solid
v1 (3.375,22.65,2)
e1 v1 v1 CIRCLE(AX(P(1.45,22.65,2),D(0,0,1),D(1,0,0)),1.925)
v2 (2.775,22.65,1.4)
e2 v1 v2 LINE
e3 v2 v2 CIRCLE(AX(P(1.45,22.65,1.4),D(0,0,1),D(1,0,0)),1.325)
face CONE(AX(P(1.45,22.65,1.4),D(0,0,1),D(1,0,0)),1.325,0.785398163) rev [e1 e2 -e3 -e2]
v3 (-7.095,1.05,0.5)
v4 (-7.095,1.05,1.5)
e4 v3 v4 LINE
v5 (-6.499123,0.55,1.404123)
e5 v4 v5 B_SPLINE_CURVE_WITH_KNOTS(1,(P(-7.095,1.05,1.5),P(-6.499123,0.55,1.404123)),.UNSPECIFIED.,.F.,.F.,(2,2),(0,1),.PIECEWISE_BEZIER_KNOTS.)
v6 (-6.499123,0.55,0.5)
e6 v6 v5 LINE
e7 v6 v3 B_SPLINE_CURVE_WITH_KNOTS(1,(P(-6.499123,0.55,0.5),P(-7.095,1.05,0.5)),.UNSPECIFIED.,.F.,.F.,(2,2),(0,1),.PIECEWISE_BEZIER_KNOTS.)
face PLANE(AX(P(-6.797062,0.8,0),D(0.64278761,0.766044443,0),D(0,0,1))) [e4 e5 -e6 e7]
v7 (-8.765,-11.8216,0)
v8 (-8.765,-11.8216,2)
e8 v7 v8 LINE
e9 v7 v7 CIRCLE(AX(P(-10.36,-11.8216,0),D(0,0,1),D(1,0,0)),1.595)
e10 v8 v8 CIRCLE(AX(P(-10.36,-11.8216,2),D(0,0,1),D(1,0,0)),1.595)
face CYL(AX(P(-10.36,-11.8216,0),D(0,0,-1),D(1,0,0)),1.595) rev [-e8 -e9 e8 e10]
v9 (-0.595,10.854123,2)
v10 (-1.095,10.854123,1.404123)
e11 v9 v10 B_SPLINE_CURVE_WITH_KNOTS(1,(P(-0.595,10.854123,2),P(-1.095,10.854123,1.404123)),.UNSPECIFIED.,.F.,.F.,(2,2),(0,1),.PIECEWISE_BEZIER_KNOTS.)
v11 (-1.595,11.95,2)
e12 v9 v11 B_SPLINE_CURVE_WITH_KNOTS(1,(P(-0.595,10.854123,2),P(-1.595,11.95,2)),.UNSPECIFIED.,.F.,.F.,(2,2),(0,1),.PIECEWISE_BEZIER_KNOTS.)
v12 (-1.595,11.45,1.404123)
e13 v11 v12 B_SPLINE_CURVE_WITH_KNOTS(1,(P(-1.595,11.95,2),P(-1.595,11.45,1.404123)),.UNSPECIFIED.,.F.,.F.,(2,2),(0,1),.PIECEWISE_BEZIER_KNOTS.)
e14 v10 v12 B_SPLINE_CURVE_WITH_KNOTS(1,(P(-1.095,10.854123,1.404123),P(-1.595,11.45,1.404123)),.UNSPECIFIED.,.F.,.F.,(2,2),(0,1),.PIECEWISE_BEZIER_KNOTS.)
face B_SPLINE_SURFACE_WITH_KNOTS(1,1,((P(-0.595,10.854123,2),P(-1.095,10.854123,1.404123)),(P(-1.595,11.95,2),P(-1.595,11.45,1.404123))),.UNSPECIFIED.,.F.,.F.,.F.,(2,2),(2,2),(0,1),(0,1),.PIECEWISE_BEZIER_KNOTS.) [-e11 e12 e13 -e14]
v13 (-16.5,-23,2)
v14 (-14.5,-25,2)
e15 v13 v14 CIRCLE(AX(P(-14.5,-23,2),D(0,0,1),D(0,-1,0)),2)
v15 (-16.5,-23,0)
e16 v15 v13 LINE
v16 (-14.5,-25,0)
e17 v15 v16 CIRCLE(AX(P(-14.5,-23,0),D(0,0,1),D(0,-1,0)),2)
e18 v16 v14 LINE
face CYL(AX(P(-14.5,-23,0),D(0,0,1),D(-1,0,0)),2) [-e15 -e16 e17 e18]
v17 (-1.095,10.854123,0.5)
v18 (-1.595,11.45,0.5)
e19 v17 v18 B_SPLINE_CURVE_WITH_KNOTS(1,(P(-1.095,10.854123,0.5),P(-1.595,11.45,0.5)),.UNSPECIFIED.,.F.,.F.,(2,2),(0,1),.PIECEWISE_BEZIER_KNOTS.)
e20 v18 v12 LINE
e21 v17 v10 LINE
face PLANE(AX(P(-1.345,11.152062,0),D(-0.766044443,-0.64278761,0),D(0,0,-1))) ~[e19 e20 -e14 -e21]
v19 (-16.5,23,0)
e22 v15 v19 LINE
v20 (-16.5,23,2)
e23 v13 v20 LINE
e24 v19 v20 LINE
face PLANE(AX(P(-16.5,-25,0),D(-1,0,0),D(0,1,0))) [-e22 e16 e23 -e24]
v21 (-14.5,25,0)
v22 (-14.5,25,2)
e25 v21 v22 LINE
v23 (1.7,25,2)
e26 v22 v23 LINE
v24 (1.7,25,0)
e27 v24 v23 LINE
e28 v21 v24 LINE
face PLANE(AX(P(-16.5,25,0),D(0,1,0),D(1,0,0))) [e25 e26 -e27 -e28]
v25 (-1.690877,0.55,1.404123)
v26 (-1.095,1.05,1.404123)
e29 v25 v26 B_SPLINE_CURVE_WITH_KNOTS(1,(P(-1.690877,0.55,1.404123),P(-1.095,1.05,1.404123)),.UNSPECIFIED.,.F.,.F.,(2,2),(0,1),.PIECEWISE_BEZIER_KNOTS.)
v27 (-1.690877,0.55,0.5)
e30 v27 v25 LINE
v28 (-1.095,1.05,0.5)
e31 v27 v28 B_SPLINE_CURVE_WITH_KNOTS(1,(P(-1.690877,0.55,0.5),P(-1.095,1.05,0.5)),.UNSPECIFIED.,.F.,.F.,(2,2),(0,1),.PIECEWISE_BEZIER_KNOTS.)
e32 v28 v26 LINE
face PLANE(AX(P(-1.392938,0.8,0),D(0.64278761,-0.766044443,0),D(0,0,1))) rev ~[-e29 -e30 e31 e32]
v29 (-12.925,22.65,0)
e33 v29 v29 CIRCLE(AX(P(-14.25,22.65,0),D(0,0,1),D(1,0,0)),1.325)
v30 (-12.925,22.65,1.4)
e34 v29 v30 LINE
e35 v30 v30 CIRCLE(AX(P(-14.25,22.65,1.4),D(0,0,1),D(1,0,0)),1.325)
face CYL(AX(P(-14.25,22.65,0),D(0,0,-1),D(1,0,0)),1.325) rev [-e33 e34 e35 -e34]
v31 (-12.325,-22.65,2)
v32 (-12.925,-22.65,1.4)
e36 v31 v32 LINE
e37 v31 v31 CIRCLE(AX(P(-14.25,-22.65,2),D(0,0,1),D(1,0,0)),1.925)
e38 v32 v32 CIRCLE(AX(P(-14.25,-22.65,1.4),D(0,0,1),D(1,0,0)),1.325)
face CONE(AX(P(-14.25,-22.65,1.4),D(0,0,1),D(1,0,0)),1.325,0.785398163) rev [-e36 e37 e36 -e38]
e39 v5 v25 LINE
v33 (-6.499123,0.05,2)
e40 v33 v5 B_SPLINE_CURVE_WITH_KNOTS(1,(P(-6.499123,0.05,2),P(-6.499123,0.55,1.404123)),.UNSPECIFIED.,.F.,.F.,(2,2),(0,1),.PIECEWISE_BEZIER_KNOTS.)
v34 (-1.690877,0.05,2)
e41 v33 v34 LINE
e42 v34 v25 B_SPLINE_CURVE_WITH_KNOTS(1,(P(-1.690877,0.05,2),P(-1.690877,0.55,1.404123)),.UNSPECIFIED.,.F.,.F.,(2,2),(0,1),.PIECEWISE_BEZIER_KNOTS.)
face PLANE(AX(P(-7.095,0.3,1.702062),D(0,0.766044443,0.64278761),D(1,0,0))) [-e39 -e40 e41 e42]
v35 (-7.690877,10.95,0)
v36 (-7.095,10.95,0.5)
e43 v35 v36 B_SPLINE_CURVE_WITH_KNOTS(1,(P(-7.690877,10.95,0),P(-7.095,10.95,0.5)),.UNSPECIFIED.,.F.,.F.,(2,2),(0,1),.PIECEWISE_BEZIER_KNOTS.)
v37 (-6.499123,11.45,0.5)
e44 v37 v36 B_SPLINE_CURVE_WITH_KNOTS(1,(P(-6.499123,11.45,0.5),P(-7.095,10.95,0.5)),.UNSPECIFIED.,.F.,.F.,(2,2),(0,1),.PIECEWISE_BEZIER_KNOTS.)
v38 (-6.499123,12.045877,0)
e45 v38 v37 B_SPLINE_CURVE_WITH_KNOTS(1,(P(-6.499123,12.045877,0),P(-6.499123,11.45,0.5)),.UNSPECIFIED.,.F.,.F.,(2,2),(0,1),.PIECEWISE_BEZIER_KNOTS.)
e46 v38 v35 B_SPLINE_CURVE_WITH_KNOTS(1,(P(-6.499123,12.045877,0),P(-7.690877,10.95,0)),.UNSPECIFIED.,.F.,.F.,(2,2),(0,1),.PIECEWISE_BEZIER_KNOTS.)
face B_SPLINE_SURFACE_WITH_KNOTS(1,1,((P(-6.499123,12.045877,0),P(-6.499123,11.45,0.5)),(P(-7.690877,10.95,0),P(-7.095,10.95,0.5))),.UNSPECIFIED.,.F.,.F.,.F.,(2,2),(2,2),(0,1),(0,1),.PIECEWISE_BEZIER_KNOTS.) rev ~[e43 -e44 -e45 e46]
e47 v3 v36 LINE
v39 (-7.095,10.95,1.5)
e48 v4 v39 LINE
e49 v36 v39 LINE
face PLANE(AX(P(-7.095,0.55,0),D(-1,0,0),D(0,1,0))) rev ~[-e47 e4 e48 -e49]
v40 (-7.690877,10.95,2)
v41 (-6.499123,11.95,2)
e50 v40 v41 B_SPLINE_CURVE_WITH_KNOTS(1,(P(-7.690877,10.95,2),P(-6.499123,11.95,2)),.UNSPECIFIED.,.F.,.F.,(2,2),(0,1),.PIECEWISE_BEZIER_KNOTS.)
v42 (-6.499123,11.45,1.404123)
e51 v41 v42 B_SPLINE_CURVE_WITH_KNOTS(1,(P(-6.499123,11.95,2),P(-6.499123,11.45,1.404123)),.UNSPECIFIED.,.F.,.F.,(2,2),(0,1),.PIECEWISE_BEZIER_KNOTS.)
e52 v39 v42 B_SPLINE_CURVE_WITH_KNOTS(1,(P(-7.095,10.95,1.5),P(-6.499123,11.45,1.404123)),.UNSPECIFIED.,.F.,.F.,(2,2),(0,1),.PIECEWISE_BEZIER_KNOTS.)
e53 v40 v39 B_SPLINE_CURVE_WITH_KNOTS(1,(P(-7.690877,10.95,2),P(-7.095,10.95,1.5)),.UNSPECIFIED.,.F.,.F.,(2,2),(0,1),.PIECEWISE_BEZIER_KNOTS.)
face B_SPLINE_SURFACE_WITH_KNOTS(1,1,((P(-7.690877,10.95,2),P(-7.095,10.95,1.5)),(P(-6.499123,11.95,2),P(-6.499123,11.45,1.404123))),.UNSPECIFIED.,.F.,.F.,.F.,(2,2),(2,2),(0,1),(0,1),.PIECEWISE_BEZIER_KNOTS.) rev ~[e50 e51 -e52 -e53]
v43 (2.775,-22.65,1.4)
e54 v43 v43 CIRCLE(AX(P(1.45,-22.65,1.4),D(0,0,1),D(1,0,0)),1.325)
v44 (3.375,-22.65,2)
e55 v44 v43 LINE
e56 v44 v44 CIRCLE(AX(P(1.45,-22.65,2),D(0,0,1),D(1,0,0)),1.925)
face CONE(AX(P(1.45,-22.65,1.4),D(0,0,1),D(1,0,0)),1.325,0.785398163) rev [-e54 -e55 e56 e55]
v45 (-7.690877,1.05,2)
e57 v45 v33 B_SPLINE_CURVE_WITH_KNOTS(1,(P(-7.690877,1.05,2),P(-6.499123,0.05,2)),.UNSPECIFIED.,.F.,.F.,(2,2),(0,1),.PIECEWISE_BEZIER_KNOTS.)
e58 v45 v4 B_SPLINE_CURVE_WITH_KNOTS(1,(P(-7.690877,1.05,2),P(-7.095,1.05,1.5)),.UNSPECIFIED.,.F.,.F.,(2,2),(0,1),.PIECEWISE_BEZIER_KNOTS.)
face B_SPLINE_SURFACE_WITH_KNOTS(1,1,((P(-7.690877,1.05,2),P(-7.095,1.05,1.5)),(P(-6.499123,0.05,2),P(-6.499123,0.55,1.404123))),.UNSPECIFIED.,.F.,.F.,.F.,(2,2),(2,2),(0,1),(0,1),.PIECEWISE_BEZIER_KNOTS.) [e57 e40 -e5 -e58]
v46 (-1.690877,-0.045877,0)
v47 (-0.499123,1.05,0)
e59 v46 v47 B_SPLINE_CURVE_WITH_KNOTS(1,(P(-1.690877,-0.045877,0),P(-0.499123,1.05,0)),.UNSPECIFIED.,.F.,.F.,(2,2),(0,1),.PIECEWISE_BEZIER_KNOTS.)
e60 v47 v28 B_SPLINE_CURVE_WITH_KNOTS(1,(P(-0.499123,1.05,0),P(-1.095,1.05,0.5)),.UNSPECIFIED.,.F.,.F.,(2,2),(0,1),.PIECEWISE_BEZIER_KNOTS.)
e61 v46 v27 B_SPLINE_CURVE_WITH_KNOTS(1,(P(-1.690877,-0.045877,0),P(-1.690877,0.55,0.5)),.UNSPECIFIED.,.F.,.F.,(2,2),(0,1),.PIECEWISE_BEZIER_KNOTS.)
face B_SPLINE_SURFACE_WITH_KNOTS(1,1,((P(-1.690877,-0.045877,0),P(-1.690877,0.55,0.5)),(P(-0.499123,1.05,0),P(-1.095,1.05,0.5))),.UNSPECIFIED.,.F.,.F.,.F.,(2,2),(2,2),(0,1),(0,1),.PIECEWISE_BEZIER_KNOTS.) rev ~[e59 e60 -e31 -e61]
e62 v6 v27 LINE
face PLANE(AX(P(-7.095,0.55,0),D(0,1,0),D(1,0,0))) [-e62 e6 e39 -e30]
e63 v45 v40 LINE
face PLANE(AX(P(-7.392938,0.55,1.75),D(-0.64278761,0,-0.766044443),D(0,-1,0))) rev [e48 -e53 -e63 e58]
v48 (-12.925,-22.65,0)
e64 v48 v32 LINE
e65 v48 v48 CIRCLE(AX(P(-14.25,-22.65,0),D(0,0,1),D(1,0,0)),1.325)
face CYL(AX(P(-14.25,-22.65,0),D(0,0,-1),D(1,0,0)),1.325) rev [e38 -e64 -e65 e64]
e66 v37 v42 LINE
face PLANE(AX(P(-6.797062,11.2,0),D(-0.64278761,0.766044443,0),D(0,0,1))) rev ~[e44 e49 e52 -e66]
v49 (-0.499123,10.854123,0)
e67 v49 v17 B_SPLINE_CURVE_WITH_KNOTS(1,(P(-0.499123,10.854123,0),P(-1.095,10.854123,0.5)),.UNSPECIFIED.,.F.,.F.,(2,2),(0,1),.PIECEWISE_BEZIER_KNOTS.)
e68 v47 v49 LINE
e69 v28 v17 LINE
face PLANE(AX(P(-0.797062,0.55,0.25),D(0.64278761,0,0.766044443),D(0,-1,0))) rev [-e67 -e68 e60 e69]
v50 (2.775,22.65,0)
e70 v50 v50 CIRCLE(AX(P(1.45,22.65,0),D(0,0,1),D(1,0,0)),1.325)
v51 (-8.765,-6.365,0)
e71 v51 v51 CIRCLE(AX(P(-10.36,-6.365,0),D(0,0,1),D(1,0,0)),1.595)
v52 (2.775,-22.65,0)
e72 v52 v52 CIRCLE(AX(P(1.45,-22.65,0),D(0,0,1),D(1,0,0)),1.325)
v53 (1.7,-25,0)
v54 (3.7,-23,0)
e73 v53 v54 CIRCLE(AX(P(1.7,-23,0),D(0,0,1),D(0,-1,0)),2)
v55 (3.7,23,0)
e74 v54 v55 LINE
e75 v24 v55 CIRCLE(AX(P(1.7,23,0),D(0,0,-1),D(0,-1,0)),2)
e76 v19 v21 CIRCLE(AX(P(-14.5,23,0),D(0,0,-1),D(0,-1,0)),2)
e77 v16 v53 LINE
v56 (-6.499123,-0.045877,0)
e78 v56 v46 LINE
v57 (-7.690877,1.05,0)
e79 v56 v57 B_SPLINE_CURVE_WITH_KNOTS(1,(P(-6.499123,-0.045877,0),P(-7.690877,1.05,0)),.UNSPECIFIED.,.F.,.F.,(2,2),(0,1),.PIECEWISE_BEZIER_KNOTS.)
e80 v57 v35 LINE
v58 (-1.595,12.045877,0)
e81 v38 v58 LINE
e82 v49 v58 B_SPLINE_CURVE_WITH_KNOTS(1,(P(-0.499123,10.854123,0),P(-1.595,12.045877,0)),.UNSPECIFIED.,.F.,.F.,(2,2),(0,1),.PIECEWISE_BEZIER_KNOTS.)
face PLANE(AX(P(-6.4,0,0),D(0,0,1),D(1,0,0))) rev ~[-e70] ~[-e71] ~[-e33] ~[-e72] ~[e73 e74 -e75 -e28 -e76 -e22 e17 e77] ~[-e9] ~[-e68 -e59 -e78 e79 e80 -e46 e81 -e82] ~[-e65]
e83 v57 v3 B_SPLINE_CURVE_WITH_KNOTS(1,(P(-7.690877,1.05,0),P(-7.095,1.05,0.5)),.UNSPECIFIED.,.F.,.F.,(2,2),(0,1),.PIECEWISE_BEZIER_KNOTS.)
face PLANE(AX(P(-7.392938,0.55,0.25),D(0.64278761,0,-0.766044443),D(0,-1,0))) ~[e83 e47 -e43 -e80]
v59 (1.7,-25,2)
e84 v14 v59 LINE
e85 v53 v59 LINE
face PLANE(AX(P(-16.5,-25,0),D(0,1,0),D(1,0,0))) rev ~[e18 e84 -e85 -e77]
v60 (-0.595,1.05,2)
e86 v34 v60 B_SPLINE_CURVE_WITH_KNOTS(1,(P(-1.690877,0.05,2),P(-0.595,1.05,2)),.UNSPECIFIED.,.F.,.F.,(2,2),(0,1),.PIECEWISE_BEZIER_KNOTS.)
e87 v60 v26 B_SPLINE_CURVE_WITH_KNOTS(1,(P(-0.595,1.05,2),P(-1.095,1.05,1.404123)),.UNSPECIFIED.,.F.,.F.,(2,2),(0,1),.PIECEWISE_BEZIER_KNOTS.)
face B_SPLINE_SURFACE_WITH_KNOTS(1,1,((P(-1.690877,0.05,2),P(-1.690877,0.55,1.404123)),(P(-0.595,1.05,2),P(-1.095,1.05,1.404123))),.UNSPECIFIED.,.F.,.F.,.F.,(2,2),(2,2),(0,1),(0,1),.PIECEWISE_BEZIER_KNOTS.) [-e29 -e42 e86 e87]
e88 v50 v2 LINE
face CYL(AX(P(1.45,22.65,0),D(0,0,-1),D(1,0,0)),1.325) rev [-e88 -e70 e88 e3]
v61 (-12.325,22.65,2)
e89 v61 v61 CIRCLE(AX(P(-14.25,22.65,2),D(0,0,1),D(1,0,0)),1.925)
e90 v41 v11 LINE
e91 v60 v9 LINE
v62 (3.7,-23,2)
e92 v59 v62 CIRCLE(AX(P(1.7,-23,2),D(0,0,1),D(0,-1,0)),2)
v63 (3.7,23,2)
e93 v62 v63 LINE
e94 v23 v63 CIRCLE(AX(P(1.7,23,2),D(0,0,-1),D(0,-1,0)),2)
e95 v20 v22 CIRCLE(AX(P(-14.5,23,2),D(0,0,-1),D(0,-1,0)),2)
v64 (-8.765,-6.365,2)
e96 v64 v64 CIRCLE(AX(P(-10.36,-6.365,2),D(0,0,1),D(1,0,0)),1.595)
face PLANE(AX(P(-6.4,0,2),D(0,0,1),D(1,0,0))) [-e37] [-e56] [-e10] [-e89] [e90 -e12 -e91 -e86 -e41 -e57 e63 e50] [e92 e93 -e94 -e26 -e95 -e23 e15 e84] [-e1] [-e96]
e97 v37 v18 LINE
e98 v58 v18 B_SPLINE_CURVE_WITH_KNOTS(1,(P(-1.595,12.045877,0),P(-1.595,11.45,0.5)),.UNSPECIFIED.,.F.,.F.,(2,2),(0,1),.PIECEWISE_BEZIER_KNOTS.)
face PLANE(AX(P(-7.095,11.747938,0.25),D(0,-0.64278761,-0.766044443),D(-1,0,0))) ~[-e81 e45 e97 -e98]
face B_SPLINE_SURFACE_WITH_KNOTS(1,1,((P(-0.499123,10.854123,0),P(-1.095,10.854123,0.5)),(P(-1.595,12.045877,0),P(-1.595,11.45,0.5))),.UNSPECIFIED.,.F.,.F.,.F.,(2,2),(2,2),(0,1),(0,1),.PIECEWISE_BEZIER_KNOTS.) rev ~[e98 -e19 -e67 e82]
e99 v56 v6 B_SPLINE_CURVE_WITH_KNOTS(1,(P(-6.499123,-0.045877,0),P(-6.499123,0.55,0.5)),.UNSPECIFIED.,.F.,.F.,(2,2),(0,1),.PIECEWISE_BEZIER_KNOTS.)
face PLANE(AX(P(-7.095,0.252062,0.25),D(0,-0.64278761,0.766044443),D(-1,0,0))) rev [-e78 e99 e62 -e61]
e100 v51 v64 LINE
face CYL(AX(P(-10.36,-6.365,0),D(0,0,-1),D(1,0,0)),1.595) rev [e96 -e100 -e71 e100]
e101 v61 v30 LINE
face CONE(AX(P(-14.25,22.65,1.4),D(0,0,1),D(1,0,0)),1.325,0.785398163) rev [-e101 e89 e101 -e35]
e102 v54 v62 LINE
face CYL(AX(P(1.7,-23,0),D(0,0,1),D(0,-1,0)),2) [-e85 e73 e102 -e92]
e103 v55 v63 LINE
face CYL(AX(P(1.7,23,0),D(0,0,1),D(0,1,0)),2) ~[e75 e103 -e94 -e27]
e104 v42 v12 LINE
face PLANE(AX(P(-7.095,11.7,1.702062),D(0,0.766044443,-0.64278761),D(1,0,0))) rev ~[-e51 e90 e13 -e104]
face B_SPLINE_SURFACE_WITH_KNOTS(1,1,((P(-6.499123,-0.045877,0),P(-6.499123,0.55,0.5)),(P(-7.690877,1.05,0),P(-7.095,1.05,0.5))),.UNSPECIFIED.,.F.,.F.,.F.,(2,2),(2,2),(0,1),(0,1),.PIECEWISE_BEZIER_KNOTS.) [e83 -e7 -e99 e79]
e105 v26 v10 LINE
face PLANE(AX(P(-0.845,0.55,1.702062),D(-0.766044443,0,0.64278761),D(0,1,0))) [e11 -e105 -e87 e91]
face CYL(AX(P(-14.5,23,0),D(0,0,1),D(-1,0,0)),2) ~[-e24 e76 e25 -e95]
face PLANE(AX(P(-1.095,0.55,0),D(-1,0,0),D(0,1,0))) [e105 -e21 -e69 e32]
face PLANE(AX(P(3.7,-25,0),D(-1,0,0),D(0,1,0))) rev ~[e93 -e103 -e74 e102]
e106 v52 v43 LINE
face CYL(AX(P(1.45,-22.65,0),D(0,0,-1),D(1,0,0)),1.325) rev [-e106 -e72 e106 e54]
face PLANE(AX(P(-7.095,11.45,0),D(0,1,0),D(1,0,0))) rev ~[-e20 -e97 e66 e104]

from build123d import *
from OCP.BRepFilletAPI import BRepFilletAPI_MakeChamfer

# Parameters (mm, degrees)
SKETCH_1_W      = 20.2
SKETCH_1_H      = 50
SKETCH_1_R      = 1.325
SKETCH_1_R_2    = 1.595
SKETCH_1_W_2    = 6
SKETCH_1_H_2    = 10.9
EXTRUDE_1_DEPTH = 2
FILLET_1_R      = 2
CHAMFER_1_SIZE  = 0.6
CHAMFER_2_SIZE  = 0.5
CHAMFER_2_SIZE2 = 0.595876796


with BuildPart() as part:
    # 草图1 → 凸台-拉伸1 (new body)
    with BuildSketch(Plane.XY):
        with Locations((-6.4, 0)):
            Rectangle(SKETCH_1_W, SKETCH_1_H)
        with Locations((-14.25, -22.65)):
            Circle(SKETCH_1_R, mode=Mode.SUBTRACT)
        with Locations((-14.25, 22.65)):
            Circle(SKETCH_1_R, mode=Mode.SUBTRACT)
        with Locations((1.45, 22.65)):
            Circle(SKETCH_1_R, mode=Mode.SUBTRACT)
        with Locations((1.45, -22.65)):
            Circle(SKETCH_1_R, mode=Mode.SUBTRACT)
        with Locations((-10.36, -6.365)):
            Circle(SKETCH_1_R_2, mode=Mode.SUBTRACT)
        with Locations((-10.36, -11.8216)):
            Circle(SKETCH_1_R_2, mode=Mode.SUBTRACT)
        with Locations((-4.095, 6)):
            Rectangle(SKETCH_1_W_2, SKETCH_1_H_2, mode=Mode.SUBTRACT)
    extrude(amount=EXTRUDE_1_DEPTH)

    # 圆角1
    fillet_1_edges = [part.edges().sort_by_distance(p)[0] for p in [
        (-16.5, 25, 1),
        (3.7, 25, 1),
        (3.7, -25, 1),
        (-16.5, -25, 1),
    ]]
    fillet(fillet_1_edges, radius=FILLET_1_R)

    # 倒角1
    chamfer_1_edges = [part.edges().sort_by_distance(p)[0] for p in [
        (-15.575, -22.65, 2),
        (-15.575, 22.65, 2),
        (0.125, 22.65, 2),
        (0.125, -22.65, 2),
    ]]
    chamfer(chamfer_1_edges, length=CHAMFER_1_SIZE)

    # 倒角2: one chamfer whose edges measure the first distance from different faces: ONE call of the kernel's chamfer builder (chamfer() names one face for all edges)
    chamfer_2_edges_1 = [part.edges().sort_by_distance(p)[0] for p in [
        (-7.095, 6, 0),
        (-7.095, 11.45, 1),
        (-7.095, 0.55, 1),
        (-7.095, 6, 2),
    ]]
    chamfer_2_side_1 = [part.faces().sort_by_distance(p)[0] for p in [
        (-7.095, 6, 1),
    ]]
    chamfer_2_edges_2 = [part.edges().sort_by_distance(p)[0] for p in [
        (-4.095, 0.55, 0),
    ]]
    chamfer_2_side_2 = [part.faces().sort_by_distance(p)[0] for p in [
        (-4.095, 0.55, 1),
    ]]
    chamfer_2_edges_3 = [part.edges().sort_by_distance(p)[0] for p in [
        (-1.095, 6, 0),
        (-1.095, 0.55, 1),
    ]]
    chamfer_2_side_3 = [part.faces().sort_by_distance(p)[0] for p in [
        (-1.095, 6, 1),
    ]]
    chamfer_2_edges_4 = [part.edges().sort_by_distance(p)[0] for p in [
        (-4.095, 11.45, 0),
        (-1.095, 11.45, 1),
    ]]
    chamfer_2_side_4 = [part.faces().sort_by_distance(p)[0] for p in [
        (-4.095, 11.45, 1),
    ]]
    chamfer_2_edges_5 = [part.edges().sort_by_distance(p)[0] for p in [
        (-4.095, 0.55, 2),
        (-1.095, 6, 2),
        (-4.095, 11.45, 2),
    ]]
    chamfer_2_side_5 = [part.faces().sort_by_distance(p)[0] for p in [
        (-6.499529382, -0.281178063, 2),
    ]]
    chamfer_2 = BRepFilletAPI_MakeChamfer(part.part.solid().wrapped)
    for e in chamfer_2_edges_1:
        chamfer_2.Add(CHAMFER_2_SIZE, CHAMFER_2_SIZE2, e.wrapped, chamfer_2_side_1[0].wrapped)  # the first distance lies on this face
    for e in chamfer_2_edges_2:
        chamfer_2.Add(CHAMFER_2_SIZE, CHAMFER_2_SIZE2, e.wrapped, chamfer_2_side_2[0].wrapped)  # the first distance lies on this face
    for e in chamfer_2_edges_3:
        chamfer_2.Add(CHAMFER_2_SIZE, CHAMFER_2_SIZE2, e.wrapped, chamfer_2_side_3[0].wrapped)  # the first distance lies on this face
    for e in chamfer_2_edges_4:
        chamfer_2.Add(CHAMFER_2_SIZE, CHAMFER_2_SIZE2, e.wrapped, chamfer_2_side_4[0].wrapped)  # the first distance lies on this face
    for e in chamfer_2_edges_5:
        chamfer_2.Add(CHAMFER_2_SIZE, CHAMFER_2_SIZE2, e.wrapped, chamfer_2_side_5[0].wrapped)  # the first distance lies on this face
    add(Compound.cast(chamfer_2.Shape()), mode=Mode.REPLACE)


solid = part.part
